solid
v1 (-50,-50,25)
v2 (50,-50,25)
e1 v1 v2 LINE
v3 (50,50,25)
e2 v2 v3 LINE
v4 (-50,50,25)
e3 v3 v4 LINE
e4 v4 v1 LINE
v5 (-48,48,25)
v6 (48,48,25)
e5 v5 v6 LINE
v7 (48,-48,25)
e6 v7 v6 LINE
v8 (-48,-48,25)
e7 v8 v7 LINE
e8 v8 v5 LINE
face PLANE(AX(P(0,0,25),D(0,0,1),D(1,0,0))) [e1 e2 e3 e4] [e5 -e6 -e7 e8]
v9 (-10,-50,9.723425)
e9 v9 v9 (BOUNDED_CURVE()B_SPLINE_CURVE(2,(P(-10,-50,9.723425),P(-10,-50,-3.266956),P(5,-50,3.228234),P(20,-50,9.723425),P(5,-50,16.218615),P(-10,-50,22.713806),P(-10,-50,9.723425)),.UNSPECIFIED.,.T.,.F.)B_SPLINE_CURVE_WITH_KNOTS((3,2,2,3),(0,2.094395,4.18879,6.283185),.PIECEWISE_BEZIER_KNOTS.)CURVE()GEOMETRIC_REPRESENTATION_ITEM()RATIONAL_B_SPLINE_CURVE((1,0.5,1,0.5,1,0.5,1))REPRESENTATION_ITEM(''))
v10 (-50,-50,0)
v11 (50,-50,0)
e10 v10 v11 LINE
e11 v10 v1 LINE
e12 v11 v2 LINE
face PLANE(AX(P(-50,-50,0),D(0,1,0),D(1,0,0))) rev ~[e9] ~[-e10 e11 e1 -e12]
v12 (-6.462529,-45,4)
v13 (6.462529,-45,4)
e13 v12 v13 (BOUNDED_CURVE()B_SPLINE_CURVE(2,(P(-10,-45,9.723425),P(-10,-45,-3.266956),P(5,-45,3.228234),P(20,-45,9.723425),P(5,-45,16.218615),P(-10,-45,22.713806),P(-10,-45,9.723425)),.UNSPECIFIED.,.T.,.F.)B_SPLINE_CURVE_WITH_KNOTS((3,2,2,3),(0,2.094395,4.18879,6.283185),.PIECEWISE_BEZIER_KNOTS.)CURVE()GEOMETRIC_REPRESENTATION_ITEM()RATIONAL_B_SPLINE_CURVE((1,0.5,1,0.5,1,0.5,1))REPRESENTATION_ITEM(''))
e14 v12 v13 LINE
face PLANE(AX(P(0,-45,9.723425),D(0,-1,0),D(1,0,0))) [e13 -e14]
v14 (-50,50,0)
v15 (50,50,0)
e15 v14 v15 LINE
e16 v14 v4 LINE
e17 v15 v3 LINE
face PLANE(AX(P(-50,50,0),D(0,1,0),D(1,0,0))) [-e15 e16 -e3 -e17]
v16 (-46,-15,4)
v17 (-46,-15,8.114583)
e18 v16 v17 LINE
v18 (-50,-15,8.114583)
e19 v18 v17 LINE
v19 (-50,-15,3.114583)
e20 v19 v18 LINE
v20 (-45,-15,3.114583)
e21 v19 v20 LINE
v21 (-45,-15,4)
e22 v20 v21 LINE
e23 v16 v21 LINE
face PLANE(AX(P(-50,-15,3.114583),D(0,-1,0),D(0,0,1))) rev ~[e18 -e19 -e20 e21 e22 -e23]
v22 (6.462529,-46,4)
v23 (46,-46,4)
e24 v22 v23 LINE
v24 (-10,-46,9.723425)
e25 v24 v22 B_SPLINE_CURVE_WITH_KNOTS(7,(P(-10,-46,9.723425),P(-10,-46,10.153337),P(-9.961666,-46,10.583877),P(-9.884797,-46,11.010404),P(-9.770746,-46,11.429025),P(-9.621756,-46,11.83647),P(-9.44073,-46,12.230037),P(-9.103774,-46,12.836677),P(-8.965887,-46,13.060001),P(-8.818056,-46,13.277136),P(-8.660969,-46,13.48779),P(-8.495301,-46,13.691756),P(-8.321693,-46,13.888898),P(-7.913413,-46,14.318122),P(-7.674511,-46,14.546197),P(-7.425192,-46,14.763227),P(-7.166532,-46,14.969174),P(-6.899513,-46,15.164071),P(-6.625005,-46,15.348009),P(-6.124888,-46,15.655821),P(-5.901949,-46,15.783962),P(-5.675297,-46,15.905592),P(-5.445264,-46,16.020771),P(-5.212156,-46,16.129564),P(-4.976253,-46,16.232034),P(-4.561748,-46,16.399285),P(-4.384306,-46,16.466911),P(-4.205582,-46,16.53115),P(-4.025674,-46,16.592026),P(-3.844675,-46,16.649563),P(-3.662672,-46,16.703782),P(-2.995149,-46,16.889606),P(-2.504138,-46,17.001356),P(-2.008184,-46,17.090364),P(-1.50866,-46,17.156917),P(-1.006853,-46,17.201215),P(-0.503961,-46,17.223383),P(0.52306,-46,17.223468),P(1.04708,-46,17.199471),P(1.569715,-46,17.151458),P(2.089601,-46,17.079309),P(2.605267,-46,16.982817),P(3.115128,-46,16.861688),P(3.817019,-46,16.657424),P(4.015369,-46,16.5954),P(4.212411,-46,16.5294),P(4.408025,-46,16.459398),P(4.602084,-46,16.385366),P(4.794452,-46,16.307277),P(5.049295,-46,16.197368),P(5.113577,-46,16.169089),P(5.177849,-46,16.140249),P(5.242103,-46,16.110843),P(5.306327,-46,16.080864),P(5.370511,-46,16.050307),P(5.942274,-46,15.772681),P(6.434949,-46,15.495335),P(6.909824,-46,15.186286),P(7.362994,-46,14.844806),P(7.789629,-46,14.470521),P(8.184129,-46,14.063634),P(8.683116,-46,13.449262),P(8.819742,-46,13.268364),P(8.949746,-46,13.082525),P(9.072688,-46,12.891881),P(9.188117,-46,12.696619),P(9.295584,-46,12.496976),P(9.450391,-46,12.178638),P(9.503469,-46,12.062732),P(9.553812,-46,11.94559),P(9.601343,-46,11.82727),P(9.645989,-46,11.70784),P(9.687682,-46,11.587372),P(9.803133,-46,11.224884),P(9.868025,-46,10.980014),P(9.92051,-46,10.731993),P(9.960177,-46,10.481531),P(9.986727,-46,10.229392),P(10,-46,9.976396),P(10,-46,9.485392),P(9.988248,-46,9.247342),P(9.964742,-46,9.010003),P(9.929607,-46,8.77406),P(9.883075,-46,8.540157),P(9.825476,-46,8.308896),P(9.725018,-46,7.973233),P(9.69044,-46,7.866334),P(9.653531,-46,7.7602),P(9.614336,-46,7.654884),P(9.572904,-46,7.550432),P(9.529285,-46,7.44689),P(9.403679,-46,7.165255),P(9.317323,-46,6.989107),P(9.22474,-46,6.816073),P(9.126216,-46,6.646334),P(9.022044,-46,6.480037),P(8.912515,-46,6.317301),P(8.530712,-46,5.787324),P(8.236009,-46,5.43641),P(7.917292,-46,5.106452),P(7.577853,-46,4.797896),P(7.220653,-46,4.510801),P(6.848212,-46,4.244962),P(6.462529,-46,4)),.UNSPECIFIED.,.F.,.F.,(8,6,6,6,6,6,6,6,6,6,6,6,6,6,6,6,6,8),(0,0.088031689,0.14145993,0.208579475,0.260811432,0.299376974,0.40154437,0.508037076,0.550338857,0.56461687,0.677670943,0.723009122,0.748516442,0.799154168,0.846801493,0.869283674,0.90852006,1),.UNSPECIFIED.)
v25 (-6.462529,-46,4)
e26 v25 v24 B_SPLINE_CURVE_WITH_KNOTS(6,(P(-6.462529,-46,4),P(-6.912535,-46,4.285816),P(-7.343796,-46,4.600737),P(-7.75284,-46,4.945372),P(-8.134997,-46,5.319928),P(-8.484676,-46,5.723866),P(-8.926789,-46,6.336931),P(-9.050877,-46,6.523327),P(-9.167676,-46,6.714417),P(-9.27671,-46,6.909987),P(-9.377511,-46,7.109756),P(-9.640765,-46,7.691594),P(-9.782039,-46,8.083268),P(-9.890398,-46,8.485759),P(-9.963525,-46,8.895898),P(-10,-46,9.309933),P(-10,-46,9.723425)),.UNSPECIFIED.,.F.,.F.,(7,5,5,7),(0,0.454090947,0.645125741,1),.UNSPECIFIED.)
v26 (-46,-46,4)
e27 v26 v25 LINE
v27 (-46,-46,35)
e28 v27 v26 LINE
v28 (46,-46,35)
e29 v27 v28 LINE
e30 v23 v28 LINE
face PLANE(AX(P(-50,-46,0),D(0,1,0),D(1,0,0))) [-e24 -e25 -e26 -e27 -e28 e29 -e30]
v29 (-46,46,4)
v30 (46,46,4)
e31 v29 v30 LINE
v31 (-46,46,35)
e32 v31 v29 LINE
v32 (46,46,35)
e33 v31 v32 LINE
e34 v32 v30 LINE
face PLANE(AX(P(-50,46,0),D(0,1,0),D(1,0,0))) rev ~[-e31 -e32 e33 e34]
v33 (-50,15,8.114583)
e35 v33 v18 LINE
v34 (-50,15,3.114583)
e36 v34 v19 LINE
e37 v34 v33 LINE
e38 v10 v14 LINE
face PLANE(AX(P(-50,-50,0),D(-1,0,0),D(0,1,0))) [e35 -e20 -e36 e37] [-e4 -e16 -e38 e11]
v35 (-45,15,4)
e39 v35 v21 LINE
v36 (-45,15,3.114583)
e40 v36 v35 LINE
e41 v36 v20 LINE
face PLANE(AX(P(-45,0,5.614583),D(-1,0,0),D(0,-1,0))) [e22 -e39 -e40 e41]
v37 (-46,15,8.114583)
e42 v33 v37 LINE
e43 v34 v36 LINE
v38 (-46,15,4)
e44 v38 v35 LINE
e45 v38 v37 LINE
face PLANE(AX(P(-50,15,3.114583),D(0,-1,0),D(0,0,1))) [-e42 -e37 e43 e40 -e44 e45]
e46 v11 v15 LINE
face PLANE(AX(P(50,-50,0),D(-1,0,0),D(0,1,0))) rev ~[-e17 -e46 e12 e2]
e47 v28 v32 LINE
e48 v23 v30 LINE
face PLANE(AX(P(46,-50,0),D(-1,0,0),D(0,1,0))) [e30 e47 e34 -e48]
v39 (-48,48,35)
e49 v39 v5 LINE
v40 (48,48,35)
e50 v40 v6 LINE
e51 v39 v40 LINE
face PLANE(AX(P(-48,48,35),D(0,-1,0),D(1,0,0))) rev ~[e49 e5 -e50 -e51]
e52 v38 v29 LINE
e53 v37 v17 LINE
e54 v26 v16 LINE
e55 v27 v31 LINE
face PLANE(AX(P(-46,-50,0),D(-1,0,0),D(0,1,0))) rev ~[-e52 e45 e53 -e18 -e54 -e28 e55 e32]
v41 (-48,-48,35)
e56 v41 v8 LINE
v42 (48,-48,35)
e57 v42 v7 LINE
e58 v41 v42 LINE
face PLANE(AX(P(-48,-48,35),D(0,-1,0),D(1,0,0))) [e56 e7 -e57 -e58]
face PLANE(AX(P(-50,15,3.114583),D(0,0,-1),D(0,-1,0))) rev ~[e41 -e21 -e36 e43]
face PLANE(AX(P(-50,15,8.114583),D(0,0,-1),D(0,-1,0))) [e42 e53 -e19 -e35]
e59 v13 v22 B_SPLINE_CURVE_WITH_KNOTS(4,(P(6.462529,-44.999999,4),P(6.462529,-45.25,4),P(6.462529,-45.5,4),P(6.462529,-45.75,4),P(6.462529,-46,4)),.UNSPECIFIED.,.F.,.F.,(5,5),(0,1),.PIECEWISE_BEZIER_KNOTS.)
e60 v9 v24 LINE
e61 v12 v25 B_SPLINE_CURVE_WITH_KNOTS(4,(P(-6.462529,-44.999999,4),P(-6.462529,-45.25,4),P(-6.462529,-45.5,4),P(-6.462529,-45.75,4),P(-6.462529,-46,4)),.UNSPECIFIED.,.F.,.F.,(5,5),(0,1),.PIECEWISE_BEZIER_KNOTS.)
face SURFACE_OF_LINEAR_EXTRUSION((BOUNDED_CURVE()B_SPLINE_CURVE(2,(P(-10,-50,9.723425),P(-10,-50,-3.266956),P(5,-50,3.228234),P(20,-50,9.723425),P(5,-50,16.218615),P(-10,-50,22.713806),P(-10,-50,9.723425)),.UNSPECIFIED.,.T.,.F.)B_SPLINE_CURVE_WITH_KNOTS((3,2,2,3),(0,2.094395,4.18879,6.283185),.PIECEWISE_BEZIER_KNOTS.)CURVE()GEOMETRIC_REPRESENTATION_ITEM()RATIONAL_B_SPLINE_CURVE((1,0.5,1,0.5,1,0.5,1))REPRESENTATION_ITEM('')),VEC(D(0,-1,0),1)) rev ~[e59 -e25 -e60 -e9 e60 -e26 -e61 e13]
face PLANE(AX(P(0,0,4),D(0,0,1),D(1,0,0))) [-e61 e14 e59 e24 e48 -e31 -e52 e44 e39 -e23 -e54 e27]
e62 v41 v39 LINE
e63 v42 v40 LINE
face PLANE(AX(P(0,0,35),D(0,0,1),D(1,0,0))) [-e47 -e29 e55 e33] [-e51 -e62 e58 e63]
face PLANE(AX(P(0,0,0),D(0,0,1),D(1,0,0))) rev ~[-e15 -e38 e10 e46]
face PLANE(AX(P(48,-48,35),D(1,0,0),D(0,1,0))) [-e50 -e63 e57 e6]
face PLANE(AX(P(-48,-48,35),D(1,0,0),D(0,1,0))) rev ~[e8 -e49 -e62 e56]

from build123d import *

# Parameters (mm, degrees)
F0_W     = 100
F0_H     = 100
F1_DEPTH = 35
F2_T     = -4
F3_W     = 96
F3_H     = 96
F4_DEPTH = 10
F5_W     = 30
F5_H     = 5
F6_DEPTH = 5
F8_DEPTH = 5


with BuildPart() as f1:
    # F0 (on Top) → F1 (new body)
    with BuildSketch(Plane.XY):
        Rectangle(F0_W, F0_H)
    extrude(amount=F1_DEPTH)

    # F2
    f2_openings = [f1.faces().sort_by_distance(p)[0] for p in [
        (0, 0, 35),
    ]]
    offset(amount=F2_T, openings=f2_openings)

    # F3 (on face) → F4 (cut)
    with BuildSketch(Plane.XY.offset(35)):
        Polygon((-48, 50), (-50, 50), (-50, 48), (-50, -48), (-50, -50), (-48, -50), (48, -50), (50, -50), (50, -48), (50, 48), (50, 50), (48, 50), align=None)
        Rectangle(F3_W, F3_H, mode=Mode.SUBTRACT)
    extrude(amount=-F4_DEPTH, mode=Mode.SUBTRACT)

    # F5 (on face) → F6 (cut)
    with BuildSketch(Plane(origin=(-50, 0, 0), x_dir=(0, -1, 0), z_dir=(-1, 0, 0))):
        with Locations((0, 5.614583)):
            Rectangle(F5_W, F5_H)
    extrude(amount=-F6_DEPTH, mode=Mode.SUBTRACT)

    # F7 (on face) → F8 (cut)
    with BuildSketch(Plane.XZ.offset(50)):
        with BuildLine():
            add(Edge.make_bspline(
                [(-10, 9.723425), (-10, -3.266956), (5, 3.228234), (20, 9.723425), (5, 16.218615), (-10, 22.713806), (-10, 9.723425)],
                knots=[0, 0, 0, 2.094395, 2.094395, 4.18879, 4.18879, 6.283185, 6.283185, 6.283185], degree=2, weights=[1, 0.5, 1, 0.5, 1, 0.5, 1]))
        make_face()
    extrude(amount=-F8_DEPTH, mode=Mode.SUBTRACT)


solid = f1.part
